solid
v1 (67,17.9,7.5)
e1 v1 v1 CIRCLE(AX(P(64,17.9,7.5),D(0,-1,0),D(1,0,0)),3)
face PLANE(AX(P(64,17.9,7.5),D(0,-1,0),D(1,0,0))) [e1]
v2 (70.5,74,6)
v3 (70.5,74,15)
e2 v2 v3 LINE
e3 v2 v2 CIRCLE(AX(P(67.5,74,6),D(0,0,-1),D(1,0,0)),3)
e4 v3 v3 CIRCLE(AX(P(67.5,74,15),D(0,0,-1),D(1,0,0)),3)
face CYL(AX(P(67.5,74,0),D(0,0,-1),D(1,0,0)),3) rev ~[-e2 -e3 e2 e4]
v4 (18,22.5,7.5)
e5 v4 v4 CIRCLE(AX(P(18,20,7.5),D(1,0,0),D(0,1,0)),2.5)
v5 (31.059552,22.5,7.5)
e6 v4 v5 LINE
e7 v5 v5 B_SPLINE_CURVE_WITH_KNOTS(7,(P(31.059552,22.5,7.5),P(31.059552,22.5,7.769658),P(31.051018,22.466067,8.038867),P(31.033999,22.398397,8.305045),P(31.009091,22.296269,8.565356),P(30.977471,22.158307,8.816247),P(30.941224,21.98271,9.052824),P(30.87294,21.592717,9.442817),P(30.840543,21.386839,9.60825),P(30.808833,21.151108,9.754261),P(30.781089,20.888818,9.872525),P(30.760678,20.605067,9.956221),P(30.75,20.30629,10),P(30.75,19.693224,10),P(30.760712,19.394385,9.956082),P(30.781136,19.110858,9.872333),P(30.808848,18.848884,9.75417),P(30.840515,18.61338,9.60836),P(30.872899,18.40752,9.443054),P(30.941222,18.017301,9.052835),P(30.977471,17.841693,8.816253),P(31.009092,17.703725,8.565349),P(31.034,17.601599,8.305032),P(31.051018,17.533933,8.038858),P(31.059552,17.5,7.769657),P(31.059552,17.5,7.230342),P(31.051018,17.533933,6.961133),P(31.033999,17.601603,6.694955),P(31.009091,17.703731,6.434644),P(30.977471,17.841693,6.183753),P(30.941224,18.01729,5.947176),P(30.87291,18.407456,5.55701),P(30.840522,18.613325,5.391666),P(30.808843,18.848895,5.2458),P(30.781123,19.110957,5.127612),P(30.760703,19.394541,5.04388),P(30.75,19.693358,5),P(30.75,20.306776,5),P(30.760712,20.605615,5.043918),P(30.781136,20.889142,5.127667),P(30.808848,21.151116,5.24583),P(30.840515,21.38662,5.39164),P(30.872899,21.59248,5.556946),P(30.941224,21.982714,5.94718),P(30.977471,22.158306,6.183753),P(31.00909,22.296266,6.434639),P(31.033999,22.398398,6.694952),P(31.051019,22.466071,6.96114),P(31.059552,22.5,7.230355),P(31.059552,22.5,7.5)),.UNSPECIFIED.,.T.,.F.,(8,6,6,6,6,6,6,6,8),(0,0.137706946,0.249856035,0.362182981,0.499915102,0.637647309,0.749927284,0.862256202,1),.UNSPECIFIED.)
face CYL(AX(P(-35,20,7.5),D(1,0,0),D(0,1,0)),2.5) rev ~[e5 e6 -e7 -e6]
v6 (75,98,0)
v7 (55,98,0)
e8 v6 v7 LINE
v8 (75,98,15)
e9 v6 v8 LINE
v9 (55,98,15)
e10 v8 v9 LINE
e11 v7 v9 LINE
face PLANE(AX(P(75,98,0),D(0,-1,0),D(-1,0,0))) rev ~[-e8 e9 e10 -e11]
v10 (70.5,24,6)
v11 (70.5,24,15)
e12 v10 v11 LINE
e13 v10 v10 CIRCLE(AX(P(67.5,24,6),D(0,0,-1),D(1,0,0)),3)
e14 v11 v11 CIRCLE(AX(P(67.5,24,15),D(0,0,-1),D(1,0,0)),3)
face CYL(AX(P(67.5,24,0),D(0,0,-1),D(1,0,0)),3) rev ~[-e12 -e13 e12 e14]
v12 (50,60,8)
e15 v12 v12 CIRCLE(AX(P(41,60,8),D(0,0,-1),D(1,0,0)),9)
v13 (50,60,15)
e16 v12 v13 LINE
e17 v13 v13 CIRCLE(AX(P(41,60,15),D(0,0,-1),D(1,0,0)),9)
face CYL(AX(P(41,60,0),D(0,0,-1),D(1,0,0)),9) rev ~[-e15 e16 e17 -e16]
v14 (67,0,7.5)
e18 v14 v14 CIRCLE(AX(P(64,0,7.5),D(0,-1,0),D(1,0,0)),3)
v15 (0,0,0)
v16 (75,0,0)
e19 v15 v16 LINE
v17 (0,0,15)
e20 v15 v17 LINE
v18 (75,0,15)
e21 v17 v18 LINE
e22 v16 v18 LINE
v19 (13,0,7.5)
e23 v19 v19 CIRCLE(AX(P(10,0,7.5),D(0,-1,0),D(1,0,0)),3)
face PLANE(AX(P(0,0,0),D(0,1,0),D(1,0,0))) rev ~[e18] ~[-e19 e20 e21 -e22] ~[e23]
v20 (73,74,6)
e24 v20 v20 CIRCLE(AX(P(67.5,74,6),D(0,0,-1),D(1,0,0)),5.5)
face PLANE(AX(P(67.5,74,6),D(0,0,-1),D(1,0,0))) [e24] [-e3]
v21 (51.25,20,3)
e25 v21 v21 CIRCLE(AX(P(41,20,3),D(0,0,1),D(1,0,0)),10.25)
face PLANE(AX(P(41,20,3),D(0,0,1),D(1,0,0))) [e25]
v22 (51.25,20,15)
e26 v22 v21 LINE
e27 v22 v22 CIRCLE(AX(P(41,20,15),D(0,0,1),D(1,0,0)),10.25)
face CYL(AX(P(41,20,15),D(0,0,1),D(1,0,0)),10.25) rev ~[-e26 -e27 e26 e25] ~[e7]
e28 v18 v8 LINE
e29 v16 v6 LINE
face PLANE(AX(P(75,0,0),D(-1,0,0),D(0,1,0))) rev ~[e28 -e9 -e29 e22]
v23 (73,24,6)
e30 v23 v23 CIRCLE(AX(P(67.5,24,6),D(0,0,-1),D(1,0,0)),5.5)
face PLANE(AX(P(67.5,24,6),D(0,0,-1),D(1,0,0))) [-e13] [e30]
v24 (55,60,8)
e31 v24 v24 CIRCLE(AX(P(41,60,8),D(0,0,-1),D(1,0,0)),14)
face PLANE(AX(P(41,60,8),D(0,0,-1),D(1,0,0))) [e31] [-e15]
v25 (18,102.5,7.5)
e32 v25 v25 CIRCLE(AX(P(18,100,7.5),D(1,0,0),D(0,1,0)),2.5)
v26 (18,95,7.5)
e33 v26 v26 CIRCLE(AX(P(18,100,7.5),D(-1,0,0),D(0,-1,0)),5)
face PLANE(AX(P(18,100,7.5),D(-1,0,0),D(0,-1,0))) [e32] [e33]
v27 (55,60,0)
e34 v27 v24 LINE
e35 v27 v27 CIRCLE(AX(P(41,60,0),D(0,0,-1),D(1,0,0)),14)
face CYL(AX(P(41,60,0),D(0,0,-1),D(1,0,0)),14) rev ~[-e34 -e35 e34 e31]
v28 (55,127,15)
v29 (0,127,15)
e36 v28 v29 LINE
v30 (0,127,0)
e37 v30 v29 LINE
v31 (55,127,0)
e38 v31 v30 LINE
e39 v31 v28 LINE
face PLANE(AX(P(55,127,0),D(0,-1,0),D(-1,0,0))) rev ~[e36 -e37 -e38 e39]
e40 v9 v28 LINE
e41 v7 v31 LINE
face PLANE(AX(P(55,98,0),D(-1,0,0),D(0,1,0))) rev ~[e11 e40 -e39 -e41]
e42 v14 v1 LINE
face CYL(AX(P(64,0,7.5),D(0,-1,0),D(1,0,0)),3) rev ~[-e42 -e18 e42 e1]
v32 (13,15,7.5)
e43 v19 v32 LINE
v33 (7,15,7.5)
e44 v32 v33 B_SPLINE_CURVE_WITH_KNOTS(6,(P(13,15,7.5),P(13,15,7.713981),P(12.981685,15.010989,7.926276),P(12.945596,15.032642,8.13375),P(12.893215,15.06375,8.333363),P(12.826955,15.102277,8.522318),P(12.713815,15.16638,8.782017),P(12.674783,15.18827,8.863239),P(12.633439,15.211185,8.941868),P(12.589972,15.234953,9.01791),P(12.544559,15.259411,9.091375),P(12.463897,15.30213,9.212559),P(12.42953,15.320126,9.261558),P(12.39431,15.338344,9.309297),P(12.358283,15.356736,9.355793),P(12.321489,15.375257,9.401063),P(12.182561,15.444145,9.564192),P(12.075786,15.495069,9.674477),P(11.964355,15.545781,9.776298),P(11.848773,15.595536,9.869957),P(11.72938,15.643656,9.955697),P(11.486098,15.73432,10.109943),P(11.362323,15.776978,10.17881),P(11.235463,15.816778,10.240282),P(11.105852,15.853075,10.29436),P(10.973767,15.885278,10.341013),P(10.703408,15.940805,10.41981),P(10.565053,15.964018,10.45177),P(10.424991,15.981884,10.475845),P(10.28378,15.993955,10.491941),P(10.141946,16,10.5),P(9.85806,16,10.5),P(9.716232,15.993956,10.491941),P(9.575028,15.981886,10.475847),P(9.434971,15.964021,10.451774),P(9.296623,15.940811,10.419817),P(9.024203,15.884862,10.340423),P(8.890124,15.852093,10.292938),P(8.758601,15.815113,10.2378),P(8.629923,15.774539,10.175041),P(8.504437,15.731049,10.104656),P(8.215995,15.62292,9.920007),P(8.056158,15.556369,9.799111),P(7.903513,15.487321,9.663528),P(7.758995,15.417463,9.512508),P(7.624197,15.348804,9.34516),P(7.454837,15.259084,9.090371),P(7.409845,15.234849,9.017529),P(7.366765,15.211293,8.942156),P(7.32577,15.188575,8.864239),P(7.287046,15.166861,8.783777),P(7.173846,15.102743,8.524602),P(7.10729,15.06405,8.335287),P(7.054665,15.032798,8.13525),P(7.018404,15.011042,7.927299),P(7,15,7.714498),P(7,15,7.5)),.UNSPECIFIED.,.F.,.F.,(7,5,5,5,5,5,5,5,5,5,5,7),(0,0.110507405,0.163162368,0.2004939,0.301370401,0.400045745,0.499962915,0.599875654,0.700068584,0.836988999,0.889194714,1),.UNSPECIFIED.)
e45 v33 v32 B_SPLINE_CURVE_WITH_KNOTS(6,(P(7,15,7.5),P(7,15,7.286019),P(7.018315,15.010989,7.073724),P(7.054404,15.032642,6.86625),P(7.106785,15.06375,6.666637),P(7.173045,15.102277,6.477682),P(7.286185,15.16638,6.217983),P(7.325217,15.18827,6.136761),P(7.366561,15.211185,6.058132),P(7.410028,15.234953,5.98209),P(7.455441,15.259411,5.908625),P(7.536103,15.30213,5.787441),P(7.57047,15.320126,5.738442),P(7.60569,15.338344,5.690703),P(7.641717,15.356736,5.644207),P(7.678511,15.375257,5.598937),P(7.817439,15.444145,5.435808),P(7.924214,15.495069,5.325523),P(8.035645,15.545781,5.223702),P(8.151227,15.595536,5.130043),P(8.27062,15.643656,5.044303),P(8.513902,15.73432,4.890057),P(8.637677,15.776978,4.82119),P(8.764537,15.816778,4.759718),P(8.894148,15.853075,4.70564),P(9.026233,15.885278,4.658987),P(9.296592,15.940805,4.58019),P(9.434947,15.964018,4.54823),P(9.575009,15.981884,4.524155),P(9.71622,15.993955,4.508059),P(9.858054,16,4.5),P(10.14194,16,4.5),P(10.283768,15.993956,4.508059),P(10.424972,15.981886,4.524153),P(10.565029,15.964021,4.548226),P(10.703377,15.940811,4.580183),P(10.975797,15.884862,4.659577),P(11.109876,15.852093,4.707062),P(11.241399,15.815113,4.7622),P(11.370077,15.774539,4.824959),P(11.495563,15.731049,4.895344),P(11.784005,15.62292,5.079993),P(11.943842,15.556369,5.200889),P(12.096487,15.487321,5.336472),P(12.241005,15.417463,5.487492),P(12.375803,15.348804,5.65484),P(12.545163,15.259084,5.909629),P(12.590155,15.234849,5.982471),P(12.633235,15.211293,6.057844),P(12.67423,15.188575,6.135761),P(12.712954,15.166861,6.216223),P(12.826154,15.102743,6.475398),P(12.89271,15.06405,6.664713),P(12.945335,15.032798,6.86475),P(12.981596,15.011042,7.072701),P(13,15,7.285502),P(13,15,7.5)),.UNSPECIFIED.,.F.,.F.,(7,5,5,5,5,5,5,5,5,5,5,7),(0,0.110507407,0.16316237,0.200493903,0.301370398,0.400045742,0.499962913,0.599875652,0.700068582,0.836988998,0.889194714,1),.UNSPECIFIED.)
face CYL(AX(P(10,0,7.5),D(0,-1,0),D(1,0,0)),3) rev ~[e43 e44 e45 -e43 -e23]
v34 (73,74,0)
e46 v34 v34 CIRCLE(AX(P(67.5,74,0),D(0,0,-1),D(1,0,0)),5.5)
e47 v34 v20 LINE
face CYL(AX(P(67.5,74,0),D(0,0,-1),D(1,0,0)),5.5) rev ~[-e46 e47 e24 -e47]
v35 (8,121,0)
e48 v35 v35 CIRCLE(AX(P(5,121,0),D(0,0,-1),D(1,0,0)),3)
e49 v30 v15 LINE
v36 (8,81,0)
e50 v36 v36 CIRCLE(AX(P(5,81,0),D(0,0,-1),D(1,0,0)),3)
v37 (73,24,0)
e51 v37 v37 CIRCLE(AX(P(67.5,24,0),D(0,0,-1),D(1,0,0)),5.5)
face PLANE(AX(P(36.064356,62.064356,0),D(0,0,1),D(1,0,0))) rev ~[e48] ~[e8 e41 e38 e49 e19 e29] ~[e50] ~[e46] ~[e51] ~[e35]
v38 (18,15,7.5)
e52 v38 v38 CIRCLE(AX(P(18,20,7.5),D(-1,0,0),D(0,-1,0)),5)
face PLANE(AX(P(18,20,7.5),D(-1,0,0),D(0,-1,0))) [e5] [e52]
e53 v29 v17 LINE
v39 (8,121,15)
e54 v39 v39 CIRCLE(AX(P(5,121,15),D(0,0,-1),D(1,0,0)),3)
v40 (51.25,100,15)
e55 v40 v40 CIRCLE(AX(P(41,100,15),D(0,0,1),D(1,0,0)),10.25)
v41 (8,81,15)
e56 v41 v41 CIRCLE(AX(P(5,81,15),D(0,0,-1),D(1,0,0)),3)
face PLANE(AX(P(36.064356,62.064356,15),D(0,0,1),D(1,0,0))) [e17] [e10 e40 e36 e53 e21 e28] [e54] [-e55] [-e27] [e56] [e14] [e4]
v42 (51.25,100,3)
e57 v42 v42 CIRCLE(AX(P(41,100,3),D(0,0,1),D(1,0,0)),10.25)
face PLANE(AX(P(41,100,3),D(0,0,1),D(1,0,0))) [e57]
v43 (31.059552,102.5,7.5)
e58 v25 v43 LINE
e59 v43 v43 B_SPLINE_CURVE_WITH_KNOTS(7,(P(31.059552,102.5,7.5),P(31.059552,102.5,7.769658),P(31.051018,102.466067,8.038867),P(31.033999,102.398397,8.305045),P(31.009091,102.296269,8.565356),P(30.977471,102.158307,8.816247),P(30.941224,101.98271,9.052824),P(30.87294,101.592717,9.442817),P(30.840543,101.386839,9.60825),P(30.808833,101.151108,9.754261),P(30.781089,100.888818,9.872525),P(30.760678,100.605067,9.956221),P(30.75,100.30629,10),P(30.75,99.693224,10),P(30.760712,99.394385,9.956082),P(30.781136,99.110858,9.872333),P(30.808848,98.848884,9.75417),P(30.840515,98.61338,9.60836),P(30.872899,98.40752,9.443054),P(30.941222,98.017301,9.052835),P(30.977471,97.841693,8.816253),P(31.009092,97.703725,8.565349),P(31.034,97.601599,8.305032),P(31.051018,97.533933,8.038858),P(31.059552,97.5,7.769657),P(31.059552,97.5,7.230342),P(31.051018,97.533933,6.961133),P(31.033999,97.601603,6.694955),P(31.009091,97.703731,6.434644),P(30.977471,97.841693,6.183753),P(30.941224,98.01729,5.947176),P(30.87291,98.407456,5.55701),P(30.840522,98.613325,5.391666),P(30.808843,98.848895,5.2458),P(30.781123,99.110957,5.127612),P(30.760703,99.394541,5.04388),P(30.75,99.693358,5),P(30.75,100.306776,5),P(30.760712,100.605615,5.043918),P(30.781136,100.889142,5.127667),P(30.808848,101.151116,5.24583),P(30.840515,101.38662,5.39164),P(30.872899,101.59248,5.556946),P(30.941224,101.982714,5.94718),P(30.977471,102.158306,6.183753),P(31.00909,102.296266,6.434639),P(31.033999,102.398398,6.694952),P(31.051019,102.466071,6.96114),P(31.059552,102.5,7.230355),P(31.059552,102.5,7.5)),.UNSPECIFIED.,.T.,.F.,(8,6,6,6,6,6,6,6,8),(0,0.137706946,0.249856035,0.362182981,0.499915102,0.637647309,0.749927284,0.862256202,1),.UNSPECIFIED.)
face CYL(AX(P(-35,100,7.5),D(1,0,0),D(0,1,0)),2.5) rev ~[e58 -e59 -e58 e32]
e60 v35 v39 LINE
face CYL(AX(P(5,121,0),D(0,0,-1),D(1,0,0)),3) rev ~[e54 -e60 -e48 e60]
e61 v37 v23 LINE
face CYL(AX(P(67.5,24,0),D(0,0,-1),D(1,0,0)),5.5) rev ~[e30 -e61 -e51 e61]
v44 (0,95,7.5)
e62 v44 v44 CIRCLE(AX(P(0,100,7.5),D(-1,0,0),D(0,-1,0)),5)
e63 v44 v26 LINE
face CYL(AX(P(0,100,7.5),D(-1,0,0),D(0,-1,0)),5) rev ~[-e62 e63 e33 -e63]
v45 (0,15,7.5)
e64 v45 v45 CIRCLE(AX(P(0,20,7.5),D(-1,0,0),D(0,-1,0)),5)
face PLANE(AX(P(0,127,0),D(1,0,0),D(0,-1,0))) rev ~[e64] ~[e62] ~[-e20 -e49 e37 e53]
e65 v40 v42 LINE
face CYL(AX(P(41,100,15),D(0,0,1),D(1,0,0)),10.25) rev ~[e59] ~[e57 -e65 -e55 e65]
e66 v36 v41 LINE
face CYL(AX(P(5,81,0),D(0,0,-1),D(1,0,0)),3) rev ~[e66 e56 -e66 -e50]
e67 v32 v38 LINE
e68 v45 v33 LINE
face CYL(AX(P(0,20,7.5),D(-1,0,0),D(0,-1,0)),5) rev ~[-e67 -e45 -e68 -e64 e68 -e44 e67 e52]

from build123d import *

# Parameters (mm, degrees)
F1_DEPTH  = 15
F2_R      = 3
F2_R_2    = 9
F3_DEPTH  = 15.001
F4_R      = 5.5
F5_DEPTH  = 6
F6_R      = 10.25
F7_DEPTH  = 12
F9_D      = 5
F9_DEPTH  = 35
F10_R     = 5
F10_R_2   = 2.5
F11_DEPTH = 18
F12_R     = 3
F13_DEPTH = 17.9
F14_R     = 14
F15_DEPTH = 8


with BuildPart() as f1:
    # F0 (on Top) → F1 (new body)
    with BuildSketch(Plane.XY):
        Polygon((0, 127), (0, 0), (75, 0), (75, 98), (55, 98), (55, 127), align=None)
    extrude(amount=F1_DEPTH)

    # F2 (on face) → F3 (cut, through all)
    with BuildSketch(Plane(origin=(0, 0, 0), x_dir=(1, 0, 0), z_dir=(0, 0, -1))):
        with Locations((5, -121)):
            Circle(F2_R)
        with Locations((5, -81)):
            Circle(F2_R)
        with Locations((41, -60)):
            Circle(F2_R_2)
        with Locations((67.5, -24)):
            Circle(F2_R)
        with Locations((67.5, -74)):
            Circle(F2_R)
    extrude(amount=-F3_DEPTH, mode=Mode.SUBTRACT)

    # F4 (on face) → F5 (cut)
    with BuildSketch(Plane(origin=(0, 0, 0), x_dir=(1, 0, 0), z_dir=(0, 0, -1))):
        with Locations((67.5, -74)):
            Circle(F4_R)
        with Locations((67.5, -24)):
            Circle(F4_R)
    extrude(amount=-F5_DEPTH, mode=Mode.SUBTRACT)

    # F6 (on face) → F7 (cut)
    with BuildSketch(Plane.XY.offset(15)):
        with Locations((41, 100)):
            Circle(F6_R)
        with Locations((41, 20)):
            Circle(F6_R)
    extrude(amount=-F7_DEPTH, mode=Mode.SUBTRACT)

    # F9
    with Locations(Plane(origin=(0, 0, 0), x_dir=(0, -1, 0), z_dir=(-1, 0, 0))):
        with Locations((-100, 7.5), (-20, 7.5)):
            Hole(F9_D / 2, depth=F9_DEPTH)

    # F10 (on face) → F11 (cut)
    with BuildSketch(Plane(origin=(0, 0, 0), x_dir=(0, -1, 0), z_dir=(-1, 0, 0))):
        with Locations((-100, 7.5)):
            Circle(F10_R)
        with Locations((-100, 7.5)):
            Circle(F10_R_2, mode=Mode.SUBTRACT)
        with Locations((-20, 7.5)):
            Circle(F10_R)
        with Locations((-20, 7.5)):
            Circle(F10_R_2, mode=Mode.SUBTRACT)
    extrude(amount=-F11_DEPTH, mode=Mode.SUBTRACT)

    # F12 (on face) → F13 (cut)
    with BuildSketch(Plane.XZ):
        with Locations((10, 7.5)):
            Circle(F12_R)
        with Locations((64, 7.5)):
            Circle(F12_R)
    extrude(amount=-F13_DEPTH, mode=Mode.SUBTRACT)

    # F14 (on face) → F15 (cut)
    with BuildSketch(Plane(origin=(0, 0, 0), x_dir=(1, 0, 0), z_dir=(0, 0, -1))):
        with Locations((41, -60)):
            Circle(F14_R)
    extrude(amount=-F15_DEPTH, mode=Mode.SUBTRACT)


solid = f1.part
